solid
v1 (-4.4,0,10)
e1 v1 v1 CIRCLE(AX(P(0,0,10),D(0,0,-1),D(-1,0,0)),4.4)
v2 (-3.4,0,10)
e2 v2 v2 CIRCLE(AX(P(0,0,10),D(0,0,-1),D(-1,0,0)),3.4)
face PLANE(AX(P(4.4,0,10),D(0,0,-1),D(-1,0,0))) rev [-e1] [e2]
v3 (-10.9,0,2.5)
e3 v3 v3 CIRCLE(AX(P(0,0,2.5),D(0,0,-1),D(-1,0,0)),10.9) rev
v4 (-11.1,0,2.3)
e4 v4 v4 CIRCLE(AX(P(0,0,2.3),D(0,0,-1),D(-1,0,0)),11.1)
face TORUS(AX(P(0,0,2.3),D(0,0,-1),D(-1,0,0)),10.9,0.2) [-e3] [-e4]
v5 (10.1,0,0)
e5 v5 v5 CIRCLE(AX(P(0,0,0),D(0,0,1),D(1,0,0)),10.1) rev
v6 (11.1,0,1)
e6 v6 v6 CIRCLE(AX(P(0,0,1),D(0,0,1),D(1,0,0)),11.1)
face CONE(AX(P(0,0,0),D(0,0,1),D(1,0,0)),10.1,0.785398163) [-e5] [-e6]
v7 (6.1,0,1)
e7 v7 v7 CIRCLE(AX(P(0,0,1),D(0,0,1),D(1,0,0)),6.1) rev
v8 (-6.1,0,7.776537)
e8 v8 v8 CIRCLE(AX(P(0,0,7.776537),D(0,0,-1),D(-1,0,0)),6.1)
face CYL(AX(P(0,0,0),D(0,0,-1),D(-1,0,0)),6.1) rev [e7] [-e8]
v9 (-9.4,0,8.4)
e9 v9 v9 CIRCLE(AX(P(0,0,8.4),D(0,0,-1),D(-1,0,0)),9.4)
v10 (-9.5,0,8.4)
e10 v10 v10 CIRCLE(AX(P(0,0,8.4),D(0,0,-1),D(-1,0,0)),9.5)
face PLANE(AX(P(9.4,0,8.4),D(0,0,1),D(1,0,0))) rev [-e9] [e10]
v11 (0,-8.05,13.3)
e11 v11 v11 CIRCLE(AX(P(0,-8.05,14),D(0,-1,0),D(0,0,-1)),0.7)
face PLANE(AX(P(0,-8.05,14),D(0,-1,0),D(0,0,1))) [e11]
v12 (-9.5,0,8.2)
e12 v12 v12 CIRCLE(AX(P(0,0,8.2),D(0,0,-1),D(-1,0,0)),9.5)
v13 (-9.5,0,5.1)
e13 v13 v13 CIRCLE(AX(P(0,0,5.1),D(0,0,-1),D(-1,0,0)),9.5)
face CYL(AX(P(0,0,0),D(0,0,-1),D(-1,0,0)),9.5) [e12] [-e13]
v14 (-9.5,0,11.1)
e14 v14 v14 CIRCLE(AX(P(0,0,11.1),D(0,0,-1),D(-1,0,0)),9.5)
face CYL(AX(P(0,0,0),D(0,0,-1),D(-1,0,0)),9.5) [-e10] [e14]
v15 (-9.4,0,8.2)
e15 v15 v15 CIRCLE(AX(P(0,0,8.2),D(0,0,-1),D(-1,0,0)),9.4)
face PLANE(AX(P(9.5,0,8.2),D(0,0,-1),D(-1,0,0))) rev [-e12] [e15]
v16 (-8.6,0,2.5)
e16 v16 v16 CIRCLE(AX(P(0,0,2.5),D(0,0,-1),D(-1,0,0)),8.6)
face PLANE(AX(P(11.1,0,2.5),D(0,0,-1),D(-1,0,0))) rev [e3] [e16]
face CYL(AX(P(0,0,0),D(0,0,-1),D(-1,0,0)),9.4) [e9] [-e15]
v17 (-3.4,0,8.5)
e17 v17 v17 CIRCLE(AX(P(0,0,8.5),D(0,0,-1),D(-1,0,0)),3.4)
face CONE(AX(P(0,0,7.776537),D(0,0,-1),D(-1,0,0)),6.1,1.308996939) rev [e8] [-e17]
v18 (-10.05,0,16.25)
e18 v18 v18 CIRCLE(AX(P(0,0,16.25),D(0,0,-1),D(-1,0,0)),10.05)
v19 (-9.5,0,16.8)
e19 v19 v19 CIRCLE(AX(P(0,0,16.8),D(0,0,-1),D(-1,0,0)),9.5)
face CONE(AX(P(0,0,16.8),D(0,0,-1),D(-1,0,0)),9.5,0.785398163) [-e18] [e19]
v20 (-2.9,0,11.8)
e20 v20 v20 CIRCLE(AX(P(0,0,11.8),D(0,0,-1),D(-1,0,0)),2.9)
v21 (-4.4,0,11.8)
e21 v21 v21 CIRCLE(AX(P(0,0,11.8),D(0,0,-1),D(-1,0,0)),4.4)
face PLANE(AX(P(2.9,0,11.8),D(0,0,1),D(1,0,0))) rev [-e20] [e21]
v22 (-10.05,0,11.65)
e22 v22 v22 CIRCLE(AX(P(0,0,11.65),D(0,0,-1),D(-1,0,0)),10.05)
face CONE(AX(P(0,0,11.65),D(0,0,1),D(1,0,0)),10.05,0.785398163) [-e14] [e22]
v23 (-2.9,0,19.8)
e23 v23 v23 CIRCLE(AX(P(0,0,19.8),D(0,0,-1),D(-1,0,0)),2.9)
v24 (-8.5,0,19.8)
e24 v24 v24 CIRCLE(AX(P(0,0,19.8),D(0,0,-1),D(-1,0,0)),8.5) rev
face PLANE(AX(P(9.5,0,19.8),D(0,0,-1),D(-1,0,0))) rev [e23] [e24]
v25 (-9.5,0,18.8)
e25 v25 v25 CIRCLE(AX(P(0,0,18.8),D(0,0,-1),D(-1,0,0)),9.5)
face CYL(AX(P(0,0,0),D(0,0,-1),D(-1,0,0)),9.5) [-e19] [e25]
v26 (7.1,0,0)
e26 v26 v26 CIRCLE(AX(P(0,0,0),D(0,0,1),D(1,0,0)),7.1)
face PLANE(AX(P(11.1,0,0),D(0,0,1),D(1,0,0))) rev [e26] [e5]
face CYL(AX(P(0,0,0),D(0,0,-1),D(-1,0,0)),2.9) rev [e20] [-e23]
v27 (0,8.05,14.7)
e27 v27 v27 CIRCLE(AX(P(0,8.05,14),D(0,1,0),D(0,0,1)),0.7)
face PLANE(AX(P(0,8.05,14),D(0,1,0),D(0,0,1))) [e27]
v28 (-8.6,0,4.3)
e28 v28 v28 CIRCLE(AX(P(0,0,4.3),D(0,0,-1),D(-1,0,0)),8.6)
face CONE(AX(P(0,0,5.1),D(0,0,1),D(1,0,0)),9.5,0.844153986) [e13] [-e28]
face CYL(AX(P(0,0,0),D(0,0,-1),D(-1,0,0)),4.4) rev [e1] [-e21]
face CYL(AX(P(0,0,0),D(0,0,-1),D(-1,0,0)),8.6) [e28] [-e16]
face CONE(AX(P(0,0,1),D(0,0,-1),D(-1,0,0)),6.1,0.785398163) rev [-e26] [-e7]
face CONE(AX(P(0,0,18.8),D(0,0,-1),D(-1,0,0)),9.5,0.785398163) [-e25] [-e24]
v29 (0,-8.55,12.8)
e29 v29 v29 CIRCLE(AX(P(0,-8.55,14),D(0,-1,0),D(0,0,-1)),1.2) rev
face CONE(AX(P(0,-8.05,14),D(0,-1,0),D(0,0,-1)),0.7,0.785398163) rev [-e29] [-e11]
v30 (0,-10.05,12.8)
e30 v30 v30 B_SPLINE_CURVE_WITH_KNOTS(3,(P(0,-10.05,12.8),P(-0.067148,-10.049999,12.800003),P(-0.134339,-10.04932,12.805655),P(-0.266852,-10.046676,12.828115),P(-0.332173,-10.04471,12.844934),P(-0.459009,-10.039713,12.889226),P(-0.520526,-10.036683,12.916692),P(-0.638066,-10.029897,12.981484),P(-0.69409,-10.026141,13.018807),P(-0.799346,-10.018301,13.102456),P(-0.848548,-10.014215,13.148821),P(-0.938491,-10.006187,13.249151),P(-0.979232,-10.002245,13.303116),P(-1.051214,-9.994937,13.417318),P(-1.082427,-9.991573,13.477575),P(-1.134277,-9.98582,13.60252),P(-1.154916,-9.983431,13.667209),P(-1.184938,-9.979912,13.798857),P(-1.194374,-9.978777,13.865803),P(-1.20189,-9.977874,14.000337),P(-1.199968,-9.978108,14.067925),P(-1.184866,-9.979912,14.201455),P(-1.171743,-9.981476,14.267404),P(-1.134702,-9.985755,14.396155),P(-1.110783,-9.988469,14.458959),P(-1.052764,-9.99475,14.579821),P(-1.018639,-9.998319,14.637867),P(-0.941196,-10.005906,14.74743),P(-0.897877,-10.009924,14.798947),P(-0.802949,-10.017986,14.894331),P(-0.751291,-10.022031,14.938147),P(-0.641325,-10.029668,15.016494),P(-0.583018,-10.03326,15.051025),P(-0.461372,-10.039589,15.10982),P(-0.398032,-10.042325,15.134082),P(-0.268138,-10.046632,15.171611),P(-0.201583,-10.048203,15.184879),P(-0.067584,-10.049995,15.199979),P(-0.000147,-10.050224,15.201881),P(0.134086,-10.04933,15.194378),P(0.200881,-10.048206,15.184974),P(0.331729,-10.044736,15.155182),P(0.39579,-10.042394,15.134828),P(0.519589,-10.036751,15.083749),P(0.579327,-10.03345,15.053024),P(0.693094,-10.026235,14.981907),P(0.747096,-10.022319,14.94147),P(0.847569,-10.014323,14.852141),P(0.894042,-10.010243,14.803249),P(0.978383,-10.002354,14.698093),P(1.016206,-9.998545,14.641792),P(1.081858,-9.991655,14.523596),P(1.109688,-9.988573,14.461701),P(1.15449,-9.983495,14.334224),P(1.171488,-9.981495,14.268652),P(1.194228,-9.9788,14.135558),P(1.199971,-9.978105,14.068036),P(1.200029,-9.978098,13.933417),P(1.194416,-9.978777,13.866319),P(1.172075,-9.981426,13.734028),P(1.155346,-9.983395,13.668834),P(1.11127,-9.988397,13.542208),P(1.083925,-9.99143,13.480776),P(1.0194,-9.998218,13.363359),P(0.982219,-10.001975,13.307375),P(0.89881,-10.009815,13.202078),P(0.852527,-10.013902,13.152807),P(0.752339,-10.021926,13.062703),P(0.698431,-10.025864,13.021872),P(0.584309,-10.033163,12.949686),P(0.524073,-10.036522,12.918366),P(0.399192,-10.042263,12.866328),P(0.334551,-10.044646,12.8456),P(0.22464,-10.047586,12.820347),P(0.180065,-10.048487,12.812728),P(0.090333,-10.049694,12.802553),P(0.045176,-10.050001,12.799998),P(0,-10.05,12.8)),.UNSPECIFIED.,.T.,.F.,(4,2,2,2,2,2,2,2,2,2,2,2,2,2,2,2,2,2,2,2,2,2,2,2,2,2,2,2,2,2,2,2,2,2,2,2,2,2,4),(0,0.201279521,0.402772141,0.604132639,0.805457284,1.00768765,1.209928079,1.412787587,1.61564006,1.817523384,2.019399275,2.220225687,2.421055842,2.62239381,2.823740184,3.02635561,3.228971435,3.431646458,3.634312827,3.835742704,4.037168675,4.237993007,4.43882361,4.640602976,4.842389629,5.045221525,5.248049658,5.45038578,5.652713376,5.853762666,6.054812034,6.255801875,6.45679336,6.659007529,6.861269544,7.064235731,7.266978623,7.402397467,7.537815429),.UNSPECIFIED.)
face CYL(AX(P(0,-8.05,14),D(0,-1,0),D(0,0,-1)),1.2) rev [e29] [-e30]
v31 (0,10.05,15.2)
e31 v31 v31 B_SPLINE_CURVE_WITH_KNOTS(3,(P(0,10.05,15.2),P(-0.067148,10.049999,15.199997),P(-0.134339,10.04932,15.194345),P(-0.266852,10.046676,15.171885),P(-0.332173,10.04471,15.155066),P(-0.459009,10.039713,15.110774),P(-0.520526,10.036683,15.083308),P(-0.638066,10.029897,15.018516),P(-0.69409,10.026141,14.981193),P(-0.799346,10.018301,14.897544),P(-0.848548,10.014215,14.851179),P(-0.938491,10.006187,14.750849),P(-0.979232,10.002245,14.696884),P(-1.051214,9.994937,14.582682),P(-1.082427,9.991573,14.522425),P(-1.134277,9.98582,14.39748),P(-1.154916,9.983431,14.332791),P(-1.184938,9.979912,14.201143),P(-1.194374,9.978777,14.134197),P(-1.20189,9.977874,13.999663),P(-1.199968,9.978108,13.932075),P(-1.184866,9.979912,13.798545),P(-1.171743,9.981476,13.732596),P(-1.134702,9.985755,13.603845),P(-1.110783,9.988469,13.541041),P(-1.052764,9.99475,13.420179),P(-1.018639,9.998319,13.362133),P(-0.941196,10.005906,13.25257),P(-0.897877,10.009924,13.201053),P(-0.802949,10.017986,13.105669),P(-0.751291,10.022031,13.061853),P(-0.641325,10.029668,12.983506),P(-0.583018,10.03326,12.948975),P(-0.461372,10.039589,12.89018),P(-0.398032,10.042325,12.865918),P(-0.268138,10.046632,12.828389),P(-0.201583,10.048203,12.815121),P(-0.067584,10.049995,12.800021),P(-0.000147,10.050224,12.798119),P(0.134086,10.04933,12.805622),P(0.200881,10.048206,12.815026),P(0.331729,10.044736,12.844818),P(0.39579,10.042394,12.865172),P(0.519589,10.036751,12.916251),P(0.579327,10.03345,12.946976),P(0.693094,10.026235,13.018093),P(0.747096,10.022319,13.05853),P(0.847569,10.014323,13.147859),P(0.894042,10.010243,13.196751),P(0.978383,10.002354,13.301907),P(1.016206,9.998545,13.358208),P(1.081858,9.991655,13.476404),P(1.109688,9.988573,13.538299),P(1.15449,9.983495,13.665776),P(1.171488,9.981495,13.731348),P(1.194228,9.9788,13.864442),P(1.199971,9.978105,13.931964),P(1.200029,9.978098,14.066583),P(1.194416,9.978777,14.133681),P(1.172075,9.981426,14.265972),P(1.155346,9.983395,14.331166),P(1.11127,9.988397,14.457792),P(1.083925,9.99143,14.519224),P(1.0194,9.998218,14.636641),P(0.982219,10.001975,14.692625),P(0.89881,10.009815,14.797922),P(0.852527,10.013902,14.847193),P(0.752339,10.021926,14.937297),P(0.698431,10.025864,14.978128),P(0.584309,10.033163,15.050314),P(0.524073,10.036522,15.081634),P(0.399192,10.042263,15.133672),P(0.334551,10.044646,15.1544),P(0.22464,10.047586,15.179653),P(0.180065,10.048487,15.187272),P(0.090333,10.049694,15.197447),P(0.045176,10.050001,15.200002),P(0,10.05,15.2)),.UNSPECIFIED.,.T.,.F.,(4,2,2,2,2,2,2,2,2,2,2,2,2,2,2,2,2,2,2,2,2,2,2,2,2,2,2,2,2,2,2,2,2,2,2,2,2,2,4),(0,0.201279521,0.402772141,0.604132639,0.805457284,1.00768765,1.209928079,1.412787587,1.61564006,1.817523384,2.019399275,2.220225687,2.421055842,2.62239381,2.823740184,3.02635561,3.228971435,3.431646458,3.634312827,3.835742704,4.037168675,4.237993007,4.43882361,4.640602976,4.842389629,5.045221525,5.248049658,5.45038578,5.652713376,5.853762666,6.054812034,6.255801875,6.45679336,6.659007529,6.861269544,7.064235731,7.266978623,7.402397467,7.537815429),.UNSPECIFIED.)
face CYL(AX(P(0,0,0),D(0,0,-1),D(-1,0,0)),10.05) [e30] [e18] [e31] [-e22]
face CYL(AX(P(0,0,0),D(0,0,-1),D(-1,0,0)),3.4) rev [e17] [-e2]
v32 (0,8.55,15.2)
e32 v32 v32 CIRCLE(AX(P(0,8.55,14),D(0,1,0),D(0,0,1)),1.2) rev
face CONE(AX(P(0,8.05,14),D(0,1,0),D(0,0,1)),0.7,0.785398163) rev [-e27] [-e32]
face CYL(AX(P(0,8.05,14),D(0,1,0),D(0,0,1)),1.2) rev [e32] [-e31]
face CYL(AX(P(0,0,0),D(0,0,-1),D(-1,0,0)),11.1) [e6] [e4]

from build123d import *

# Parameters (mm, degrees)
CHAMFER_1_SIZE                       = 1
CHAMFER_2_SIZE                       = 1
FILLET_1_R                           = 0.2
SKETCH_5_R                           = 1.2
CUT_EXTRUDE_2_DEPTH                  = 2
CHAMFER_3_SIZE                       = 0.5
PATTERN_CIRCULAR_1_COUNT             = 2
CHAMFER_3_OF_PATTERN_CIRCULAR_1_SIZE = 0.5


with BuildPart() as part:
    # 스케치3 → 회전2 (revolve)
    with BuildSketch(Plane(origin=(0, 0, 0), x_dir=(1, 0, 0), z_dir=(0, 1, 0)), mode=Mode.PRIVATE) as revolve_2_sk:
        Polygon((11.1, 0), (11.1, -2.5), (8.6, -2.5), (8.6, -4.3), (9.5, -5.1), (9.5, -8.2), (9.4, -8.2), (9.4, -8.4), (9.5, -8.4), (9.5, -11.1), (10.05, -11.65), (10.05, -16.25), (9.5, -16.8), (9.5, -19.8), (2.9, -19.8), (2.9, -11.8), (4.4, -11.8), (4.4, -10), (3.4, -10), (3.4, -8.5), (6.1, -7.77653718), (6.1, 0), align=None)
    revolve(revolve_2_sk.sketch.rotate(Axis((0, 0, 0), (0, 0, 1)), 180), axis=Axis((0, 0, 0), (0, 0, 1)))

    # 모따기1
    chamfer_1_edges = [part.edges().sort_by_distance(p)[0] for p in [
        (6.1, 0, 0),
        (9.5, 0, 19.8),
    ]]
    chamfer(chamfer_1_edges, length=CHAMFER_1_SIZE)

    # 모따기2
    chamfer_2_edges = [part.edges().sort_by_distance(p)[0] for p in [
        (11.1, 0, 0),
    ]]
    chamfer(chamfer_2_edges, length=CHAMFER_2_SIZE)

    # 필렛1
    fillet_1_edges = [part.edges().sort_by_distance(p)[0] for p in [
        (11.1, 0, 2.5),
    ]]
    fillet(fillet_1_edges, radius=FILLET_1_R)

    # 스케치5 → 컷-돌출2 (cut)
    with BuildSketch(Plane(origin=(0, 10.05, 0), x_dir=(1, 0, 0), z_dir=(0, 1, 0))):
        with Locations(Location((0, -14, 0), (0, 0, 270))):
            Circle(SKETCH_5_R)
    cut_extrude_2 = extrude(amount=-CUT_EXTRUDE_2_DEPTH, mode=Mode.SUBTRACT)

    # 모따기3
    chamfer_3_edges = [part.edges().sort_by_distance(p)[0] for p in [
        (0, 8.05, 12.8),
    ]]
    chamfer(chamfer_3_edges, length=CHAMFER_3_SIZE)

    # 원형 패턴1: 컷-돌출2 ×2 about axis
    pattern_circular_1_axis = Axis((0, 0, 0), (0, 0, -1))
    for i in range(1, PATTERN_CIRCULAR_1_COUNT):
        add(cut_extrude_2.rotate(pattern_circular_1_axis, i * 360 / PATTERN_CIRCULAR_1_COUNT), mode=Mode.SUBTRACT)

    # 모따기3 of 원형 패턴1
    chamfer_3_of_pattern_circular_1_edges = [part.edges().sort_by_distance(p)[0] for p in [
        (0, -8.05, 12.8),
    ]]
    chamfer(chamfer_3_of_pattern_circular_1_edges, length=CHAMFER_3_OF_PATTERN_CIRCULAR_1_SIZE)


solid = part.part
